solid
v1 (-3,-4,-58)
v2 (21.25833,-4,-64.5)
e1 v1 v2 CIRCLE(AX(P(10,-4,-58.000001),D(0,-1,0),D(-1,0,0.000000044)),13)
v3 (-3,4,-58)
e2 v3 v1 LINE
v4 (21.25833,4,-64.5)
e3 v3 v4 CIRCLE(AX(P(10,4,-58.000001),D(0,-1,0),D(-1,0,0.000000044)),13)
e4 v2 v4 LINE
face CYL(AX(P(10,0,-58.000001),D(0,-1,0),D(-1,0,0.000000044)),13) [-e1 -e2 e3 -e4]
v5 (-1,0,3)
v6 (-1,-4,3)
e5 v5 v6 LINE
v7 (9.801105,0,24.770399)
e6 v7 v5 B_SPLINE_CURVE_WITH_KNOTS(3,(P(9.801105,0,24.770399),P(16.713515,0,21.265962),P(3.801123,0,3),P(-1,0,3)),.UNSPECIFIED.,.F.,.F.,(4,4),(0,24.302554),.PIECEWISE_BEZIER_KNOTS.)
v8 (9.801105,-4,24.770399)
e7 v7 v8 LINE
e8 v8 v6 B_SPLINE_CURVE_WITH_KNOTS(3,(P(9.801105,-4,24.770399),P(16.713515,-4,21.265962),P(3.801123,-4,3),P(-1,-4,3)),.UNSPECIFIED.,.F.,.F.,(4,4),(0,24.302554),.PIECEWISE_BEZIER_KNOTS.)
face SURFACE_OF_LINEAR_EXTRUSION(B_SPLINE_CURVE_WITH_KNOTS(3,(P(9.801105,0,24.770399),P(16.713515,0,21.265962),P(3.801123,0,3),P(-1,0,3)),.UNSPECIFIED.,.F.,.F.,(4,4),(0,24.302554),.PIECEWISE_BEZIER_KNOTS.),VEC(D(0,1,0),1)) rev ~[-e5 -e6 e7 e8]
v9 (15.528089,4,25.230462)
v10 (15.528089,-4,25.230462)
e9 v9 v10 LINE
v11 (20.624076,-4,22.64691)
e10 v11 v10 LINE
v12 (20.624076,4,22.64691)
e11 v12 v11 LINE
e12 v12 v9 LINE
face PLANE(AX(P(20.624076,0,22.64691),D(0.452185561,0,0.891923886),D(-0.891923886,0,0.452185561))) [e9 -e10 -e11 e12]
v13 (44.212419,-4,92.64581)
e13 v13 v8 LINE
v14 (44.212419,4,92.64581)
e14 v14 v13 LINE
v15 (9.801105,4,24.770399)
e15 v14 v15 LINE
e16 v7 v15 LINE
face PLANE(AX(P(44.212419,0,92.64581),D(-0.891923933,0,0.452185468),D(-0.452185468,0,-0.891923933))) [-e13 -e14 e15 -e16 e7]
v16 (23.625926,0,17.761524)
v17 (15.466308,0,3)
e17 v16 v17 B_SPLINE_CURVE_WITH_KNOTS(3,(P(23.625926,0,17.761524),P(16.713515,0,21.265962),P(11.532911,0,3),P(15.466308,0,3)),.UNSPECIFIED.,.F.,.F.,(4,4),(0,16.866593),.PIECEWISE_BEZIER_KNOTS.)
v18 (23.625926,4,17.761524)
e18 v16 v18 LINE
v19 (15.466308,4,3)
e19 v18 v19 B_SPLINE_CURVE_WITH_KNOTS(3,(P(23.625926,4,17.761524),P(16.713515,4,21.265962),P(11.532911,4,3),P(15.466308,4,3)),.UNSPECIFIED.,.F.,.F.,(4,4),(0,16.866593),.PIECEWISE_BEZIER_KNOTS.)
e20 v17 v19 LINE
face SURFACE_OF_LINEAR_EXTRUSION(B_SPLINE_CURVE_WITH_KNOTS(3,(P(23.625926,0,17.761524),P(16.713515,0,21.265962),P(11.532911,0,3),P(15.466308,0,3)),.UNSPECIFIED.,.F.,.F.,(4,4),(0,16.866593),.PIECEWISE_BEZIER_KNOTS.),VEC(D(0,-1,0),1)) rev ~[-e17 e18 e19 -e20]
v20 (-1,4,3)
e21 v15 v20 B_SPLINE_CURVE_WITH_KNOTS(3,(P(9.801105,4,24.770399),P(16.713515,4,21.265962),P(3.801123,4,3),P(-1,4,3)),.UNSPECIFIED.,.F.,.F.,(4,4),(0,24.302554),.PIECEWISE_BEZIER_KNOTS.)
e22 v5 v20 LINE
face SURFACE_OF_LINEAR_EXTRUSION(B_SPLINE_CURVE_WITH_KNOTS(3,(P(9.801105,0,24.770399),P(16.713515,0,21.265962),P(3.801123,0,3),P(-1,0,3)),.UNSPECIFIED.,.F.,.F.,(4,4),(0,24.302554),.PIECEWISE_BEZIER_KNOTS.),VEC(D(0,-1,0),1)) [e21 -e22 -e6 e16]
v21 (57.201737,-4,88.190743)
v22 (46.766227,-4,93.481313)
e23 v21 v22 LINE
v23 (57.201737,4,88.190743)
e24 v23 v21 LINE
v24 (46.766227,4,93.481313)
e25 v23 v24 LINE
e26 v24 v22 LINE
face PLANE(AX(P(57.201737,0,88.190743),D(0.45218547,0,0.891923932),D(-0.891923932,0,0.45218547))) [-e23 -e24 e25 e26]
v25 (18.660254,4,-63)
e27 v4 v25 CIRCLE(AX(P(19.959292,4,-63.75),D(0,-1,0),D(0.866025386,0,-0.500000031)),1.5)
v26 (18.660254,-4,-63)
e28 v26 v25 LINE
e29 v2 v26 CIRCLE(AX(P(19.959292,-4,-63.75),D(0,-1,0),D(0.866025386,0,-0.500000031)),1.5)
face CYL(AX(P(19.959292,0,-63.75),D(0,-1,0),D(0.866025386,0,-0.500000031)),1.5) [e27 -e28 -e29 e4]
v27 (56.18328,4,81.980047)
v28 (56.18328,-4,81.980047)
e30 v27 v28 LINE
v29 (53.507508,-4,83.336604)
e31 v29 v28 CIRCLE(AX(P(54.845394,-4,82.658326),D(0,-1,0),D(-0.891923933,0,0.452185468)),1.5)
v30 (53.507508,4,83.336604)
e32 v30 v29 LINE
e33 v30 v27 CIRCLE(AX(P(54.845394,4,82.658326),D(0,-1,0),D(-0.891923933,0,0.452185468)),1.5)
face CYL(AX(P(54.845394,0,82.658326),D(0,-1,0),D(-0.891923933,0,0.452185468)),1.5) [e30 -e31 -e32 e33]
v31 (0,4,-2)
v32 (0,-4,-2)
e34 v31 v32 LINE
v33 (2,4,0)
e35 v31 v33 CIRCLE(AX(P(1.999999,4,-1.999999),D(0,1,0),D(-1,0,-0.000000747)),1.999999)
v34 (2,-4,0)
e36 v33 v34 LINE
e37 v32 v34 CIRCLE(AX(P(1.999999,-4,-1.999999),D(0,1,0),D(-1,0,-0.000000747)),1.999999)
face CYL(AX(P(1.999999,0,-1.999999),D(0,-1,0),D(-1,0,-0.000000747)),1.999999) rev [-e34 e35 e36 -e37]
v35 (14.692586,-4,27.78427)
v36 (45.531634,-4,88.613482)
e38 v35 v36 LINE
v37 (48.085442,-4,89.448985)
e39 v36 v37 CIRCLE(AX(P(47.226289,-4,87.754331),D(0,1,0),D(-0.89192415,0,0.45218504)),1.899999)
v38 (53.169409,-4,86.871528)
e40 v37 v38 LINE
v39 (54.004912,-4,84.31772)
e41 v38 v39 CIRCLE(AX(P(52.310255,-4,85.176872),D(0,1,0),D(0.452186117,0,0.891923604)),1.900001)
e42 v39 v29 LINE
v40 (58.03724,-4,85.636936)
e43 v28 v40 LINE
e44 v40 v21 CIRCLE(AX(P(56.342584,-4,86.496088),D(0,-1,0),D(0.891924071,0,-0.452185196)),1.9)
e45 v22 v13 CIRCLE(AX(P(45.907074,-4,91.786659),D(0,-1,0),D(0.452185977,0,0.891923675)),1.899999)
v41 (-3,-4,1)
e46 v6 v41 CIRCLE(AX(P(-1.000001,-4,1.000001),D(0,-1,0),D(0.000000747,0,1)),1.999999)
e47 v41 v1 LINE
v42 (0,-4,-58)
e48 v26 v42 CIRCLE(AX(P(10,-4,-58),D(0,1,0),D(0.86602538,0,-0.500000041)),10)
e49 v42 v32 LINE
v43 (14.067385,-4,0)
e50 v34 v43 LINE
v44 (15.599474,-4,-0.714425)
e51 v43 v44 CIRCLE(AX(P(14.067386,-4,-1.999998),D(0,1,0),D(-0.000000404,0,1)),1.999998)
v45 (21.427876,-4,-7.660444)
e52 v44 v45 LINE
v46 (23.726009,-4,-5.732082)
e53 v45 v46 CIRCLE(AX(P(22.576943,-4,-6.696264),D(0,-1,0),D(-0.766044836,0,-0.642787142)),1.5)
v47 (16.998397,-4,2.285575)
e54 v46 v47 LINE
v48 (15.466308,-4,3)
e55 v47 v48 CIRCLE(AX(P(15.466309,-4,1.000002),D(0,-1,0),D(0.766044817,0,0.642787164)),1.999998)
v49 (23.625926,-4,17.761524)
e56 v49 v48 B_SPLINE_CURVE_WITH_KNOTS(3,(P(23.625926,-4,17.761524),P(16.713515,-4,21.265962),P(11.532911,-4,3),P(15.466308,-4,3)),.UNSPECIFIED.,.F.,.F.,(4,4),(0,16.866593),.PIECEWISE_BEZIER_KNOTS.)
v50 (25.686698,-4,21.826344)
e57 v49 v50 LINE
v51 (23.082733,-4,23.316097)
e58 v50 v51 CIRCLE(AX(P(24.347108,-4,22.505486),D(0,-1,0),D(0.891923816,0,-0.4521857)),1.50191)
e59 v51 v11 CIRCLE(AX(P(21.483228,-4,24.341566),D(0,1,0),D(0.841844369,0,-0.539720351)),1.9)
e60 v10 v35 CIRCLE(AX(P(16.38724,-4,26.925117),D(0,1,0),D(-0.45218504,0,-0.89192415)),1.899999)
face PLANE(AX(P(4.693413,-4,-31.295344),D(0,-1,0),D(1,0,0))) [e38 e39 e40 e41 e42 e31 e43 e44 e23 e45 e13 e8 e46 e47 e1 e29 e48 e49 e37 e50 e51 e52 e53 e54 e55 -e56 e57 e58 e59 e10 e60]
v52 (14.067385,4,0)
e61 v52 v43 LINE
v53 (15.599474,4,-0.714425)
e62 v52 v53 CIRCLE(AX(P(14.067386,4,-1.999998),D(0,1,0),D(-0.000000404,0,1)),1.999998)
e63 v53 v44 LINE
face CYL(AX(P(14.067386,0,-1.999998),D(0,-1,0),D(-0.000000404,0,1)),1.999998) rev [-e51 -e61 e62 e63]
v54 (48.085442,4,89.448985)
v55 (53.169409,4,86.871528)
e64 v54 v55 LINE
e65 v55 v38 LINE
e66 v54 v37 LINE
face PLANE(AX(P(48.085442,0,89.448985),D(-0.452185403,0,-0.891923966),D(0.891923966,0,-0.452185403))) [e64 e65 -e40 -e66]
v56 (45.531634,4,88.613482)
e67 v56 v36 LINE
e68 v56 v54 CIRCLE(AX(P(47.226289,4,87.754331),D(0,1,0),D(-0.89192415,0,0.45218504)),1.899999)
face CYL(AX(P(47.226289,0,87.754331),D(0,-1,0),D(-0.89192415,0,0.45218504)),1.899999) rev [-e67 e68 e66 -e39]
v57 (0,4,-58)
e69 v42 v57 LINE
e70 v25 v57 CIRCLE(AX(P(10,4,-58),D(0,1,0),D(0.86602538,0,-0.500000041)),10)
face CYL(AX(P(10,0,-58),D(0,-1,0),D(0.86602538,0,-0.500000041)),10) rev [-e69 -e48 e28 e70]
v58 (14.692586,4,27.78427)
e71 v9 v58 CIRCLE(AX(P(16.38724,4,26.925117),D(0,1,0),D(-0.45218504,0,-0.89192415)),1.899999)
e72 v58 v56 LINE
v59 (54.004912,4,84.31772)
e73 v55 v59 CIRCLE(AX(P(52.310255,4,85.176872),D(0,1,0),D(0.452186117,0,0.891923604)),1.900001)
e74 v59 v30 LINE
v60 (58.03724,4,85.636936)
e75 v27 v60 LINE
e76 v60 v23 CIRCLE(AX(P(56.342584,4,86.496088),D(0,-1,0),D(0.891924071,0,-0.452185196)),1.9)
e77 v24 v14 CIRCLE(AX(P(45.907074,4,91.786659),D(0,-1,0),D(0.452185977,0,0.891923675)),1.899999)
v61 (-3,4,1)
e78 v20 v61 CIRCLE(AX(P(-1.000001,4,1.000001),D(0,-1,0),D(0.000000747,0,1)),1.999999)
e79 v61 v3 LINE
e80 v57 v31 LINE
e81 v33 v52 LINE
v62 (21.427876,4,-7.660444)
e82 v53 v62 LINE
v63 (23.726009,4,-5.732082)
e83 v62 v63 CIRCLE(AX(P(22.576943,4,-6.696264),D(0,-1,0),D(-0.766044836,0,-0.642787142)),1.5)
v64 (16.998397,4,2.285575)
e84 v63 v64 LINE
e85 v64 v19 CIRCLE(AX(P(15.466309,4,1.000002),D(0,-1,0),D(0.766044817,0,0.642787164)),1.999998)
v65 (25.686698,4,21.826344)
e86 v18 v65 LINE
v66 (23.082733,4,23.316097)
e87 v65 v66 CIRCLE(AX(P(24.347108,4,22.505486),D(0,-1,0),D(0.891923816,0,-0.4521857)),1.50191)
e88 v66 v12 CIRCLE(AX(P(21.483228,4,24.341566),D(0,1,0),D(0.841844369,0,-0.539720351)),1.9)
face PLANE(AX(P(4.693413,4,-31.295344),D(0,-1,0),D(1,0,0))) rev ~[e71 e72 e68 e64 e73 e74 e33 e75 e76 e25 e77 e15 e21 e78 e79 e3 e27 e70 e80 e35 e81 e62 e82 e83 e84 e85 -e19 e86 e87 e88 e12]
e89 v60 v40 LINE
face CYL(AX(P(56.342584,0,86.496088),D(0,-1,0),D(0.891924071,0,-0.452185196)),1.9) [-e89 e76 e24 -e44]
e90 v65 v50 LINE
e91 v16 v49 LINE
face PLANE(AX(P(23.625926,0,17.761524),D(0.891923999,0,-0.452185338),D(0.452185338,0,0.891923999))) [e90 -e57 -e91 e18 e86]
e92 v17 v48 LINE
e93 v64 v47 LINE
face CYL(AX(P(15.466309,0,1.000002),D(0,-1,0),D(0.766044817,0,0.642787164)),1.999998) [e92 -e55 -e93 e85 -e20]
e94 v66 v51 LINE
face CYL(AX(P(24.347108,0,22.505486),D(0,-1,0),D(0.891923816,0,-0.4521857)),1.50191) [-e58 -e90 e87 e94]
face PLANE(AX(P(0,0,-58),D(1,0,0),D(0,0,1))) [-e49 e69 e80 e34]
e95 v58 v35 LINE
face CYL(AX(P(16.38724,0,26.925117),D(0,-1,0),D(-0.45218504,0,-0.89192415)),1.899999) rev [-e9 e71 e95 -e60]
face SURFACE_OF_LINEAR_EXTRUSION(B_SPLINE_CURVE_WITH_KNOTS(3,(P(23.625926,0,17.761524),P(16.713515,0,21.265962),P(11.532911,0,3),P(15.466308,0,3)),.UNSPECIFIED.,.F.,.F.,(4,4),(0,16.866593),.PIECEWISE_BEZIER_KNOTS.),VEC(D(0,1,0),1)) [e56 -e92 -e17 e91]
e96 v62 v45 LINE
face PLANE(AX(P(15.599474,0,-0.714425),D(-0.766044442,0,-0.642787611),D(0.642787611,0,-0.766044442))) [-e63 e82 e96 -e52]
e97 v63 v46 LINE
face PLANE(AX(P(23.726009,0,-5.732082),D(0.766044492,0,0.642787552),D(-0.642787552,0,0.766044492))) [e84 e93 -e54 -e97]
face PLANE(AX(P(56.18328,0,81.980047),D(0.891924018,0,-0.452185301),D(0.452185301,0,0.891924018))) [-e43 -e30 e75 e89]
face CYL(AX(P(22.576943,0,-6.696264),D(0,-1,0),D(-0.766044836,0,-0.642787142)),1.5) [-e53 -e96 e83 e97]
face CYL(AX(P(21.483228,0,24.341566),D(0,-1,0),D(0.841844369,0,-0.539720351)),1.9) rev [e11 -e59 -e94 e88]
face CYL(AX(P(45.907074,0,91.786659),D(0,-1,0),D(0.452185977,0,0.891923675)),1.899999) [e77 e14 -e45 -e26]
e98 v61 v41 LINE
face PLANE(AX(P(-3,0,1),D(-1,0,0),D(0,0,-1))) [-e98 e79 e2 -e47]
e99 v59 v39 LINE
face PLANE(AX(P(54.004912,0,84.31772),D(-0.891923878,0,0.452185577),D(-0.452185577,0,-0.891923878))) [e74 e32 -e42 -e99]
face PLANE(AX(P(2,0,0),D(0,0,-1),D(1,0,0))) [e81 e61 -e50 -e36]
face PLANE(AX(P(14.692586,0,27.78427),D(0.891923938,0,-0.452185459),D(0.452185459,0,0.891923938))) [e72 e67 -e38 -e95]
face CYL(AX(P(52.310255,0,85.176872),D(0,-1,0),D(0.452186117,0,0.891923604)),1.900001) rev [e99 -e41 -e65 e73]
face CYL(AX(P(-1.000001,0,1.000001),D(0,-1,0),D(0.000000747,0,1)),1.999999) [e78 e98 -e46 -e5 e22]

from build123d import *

# Parameters (mm, degrees)
F1_DEPTH = 4


with BuildPart() as f1:
    # F0 (on Front) → F1 (new body, symmetric)
    with BuildSketch(Plane.XZ):
        with BuildLine():
            Line((0, -58), (0, -2))
            ThreePointArc((0, -2), (0.585786, -0.585786), (2, 0))
            Line((2, 0), (14.067385, 0))
            ThreePointArc((14.067385, 0), (14.912621, -0.187384), (15.599474, -0.714425))
            Line((15.599474, -0.714425), (21.427876, -7.660444))
            ThreePointArc((21.427876, -7.660444), (23.541124, -7.84533), (23.726009, -5.732082))
            Line((23.726009, -5.732082), (16.998397, 2.285575))
            ThreePointArc((16.998397, 2.285575), (16.311544, 2.812616), (15.466308, 3))
            Line((15.466308, 3), (-1, 3))
            ThreePointArc((-1, 3), (-2.414214, 2.414214), (-3, 1))
            Line((-3, 1), (-3, -58))
            ThreePointArc((-3, -58), (6.635352, -70.557036), (21.25833, -64.5))
            ThreePointArc((21.25833, -64.5), (20.709292, -62.450962), (18.660254, -63))
            ThreePointArc((18.660254, -63), (7.41181, -67.659258), (0, -58))
        make_face()
        with BuildLine():
            add(Edge.make_bspline(
                [(9.801105, 24.770399), (16.713515, 21.265962), (3.801123, 3), (-1, 3)],
                knots=[0, 0, 0, 0, 24.302554, 24.302554, 24.302554, 24.302554], degree=3))
            Line((-1, 3), (15.466308, 3))
            add(Edge.make_bspline(
                [(23.625926, 17.761524), (16.713515, 21.265962), (11.532911, 3), (15.466308, 3)],
                knots=[0, 0, 0, 0, 16.866593, 16.866593, 16.866593, 16.866593], degree=3))
            Line((23.625926, 17.761524), (9.801105, 24.770399))
        make_face()
        with BuildLine():
            Line((44.212419, 92.64581), (9.801105, 24.770399))
            Line((9.801105, 24.770399), (23.625926, 17.761524))
            Line((23.625926, 17.761524), (25.686698, 21.826344))
            ThreePointArc((25.686698, 21.826344), (25.092934, 23.809127), (23.082733, 23.316097))
            ThreePointArc((23.082733, 23.316097), (21.982211, 22.508258), (20.624076, 22.64691))
            Line((20.624076, 22.64691), (15.528089, 25.230462))
            ThreePointArc((15.528089, 25.230462), (14.581426, 26.334328), (14.692586, 27.78427))
            Line((14.692586, 27.78427), (45.531634, 88.613482))
            ThreePointArc((45.531634, 88.613482), (46.6355, 89.560145), (48.085442, 89.448985))
            Line((48.085442, 89.448985), (53.169409, 86.871528))
            ThreePointArc((53.169409, 86.871528), (54.116071, 85.767662), (54.004912, 84.31772))
            Line((54.004912, 84.31772), (53.507508, 83.336604))
            ThreePointArc((53.507508, 83.336604), (54.167115, 81.32044), (56.18328, 81.980047))
            Line((56.18328, 81.980047), (58.03724, 85.636936))
            ThreePointArc((58.03724, 85.636936), (58.148399, 87.086878), (57.201737, 88.190743))
            Line((57.201737, 88.190743), (46.766227, 93.481313))
            ThreePointArc((46.766227, 93.481313), (45.316285, 93.592473), (44.212419, 92.64581))
        make_face()
    extrude(amount=F1_DEPTH, both=True)


solid = f1.part
